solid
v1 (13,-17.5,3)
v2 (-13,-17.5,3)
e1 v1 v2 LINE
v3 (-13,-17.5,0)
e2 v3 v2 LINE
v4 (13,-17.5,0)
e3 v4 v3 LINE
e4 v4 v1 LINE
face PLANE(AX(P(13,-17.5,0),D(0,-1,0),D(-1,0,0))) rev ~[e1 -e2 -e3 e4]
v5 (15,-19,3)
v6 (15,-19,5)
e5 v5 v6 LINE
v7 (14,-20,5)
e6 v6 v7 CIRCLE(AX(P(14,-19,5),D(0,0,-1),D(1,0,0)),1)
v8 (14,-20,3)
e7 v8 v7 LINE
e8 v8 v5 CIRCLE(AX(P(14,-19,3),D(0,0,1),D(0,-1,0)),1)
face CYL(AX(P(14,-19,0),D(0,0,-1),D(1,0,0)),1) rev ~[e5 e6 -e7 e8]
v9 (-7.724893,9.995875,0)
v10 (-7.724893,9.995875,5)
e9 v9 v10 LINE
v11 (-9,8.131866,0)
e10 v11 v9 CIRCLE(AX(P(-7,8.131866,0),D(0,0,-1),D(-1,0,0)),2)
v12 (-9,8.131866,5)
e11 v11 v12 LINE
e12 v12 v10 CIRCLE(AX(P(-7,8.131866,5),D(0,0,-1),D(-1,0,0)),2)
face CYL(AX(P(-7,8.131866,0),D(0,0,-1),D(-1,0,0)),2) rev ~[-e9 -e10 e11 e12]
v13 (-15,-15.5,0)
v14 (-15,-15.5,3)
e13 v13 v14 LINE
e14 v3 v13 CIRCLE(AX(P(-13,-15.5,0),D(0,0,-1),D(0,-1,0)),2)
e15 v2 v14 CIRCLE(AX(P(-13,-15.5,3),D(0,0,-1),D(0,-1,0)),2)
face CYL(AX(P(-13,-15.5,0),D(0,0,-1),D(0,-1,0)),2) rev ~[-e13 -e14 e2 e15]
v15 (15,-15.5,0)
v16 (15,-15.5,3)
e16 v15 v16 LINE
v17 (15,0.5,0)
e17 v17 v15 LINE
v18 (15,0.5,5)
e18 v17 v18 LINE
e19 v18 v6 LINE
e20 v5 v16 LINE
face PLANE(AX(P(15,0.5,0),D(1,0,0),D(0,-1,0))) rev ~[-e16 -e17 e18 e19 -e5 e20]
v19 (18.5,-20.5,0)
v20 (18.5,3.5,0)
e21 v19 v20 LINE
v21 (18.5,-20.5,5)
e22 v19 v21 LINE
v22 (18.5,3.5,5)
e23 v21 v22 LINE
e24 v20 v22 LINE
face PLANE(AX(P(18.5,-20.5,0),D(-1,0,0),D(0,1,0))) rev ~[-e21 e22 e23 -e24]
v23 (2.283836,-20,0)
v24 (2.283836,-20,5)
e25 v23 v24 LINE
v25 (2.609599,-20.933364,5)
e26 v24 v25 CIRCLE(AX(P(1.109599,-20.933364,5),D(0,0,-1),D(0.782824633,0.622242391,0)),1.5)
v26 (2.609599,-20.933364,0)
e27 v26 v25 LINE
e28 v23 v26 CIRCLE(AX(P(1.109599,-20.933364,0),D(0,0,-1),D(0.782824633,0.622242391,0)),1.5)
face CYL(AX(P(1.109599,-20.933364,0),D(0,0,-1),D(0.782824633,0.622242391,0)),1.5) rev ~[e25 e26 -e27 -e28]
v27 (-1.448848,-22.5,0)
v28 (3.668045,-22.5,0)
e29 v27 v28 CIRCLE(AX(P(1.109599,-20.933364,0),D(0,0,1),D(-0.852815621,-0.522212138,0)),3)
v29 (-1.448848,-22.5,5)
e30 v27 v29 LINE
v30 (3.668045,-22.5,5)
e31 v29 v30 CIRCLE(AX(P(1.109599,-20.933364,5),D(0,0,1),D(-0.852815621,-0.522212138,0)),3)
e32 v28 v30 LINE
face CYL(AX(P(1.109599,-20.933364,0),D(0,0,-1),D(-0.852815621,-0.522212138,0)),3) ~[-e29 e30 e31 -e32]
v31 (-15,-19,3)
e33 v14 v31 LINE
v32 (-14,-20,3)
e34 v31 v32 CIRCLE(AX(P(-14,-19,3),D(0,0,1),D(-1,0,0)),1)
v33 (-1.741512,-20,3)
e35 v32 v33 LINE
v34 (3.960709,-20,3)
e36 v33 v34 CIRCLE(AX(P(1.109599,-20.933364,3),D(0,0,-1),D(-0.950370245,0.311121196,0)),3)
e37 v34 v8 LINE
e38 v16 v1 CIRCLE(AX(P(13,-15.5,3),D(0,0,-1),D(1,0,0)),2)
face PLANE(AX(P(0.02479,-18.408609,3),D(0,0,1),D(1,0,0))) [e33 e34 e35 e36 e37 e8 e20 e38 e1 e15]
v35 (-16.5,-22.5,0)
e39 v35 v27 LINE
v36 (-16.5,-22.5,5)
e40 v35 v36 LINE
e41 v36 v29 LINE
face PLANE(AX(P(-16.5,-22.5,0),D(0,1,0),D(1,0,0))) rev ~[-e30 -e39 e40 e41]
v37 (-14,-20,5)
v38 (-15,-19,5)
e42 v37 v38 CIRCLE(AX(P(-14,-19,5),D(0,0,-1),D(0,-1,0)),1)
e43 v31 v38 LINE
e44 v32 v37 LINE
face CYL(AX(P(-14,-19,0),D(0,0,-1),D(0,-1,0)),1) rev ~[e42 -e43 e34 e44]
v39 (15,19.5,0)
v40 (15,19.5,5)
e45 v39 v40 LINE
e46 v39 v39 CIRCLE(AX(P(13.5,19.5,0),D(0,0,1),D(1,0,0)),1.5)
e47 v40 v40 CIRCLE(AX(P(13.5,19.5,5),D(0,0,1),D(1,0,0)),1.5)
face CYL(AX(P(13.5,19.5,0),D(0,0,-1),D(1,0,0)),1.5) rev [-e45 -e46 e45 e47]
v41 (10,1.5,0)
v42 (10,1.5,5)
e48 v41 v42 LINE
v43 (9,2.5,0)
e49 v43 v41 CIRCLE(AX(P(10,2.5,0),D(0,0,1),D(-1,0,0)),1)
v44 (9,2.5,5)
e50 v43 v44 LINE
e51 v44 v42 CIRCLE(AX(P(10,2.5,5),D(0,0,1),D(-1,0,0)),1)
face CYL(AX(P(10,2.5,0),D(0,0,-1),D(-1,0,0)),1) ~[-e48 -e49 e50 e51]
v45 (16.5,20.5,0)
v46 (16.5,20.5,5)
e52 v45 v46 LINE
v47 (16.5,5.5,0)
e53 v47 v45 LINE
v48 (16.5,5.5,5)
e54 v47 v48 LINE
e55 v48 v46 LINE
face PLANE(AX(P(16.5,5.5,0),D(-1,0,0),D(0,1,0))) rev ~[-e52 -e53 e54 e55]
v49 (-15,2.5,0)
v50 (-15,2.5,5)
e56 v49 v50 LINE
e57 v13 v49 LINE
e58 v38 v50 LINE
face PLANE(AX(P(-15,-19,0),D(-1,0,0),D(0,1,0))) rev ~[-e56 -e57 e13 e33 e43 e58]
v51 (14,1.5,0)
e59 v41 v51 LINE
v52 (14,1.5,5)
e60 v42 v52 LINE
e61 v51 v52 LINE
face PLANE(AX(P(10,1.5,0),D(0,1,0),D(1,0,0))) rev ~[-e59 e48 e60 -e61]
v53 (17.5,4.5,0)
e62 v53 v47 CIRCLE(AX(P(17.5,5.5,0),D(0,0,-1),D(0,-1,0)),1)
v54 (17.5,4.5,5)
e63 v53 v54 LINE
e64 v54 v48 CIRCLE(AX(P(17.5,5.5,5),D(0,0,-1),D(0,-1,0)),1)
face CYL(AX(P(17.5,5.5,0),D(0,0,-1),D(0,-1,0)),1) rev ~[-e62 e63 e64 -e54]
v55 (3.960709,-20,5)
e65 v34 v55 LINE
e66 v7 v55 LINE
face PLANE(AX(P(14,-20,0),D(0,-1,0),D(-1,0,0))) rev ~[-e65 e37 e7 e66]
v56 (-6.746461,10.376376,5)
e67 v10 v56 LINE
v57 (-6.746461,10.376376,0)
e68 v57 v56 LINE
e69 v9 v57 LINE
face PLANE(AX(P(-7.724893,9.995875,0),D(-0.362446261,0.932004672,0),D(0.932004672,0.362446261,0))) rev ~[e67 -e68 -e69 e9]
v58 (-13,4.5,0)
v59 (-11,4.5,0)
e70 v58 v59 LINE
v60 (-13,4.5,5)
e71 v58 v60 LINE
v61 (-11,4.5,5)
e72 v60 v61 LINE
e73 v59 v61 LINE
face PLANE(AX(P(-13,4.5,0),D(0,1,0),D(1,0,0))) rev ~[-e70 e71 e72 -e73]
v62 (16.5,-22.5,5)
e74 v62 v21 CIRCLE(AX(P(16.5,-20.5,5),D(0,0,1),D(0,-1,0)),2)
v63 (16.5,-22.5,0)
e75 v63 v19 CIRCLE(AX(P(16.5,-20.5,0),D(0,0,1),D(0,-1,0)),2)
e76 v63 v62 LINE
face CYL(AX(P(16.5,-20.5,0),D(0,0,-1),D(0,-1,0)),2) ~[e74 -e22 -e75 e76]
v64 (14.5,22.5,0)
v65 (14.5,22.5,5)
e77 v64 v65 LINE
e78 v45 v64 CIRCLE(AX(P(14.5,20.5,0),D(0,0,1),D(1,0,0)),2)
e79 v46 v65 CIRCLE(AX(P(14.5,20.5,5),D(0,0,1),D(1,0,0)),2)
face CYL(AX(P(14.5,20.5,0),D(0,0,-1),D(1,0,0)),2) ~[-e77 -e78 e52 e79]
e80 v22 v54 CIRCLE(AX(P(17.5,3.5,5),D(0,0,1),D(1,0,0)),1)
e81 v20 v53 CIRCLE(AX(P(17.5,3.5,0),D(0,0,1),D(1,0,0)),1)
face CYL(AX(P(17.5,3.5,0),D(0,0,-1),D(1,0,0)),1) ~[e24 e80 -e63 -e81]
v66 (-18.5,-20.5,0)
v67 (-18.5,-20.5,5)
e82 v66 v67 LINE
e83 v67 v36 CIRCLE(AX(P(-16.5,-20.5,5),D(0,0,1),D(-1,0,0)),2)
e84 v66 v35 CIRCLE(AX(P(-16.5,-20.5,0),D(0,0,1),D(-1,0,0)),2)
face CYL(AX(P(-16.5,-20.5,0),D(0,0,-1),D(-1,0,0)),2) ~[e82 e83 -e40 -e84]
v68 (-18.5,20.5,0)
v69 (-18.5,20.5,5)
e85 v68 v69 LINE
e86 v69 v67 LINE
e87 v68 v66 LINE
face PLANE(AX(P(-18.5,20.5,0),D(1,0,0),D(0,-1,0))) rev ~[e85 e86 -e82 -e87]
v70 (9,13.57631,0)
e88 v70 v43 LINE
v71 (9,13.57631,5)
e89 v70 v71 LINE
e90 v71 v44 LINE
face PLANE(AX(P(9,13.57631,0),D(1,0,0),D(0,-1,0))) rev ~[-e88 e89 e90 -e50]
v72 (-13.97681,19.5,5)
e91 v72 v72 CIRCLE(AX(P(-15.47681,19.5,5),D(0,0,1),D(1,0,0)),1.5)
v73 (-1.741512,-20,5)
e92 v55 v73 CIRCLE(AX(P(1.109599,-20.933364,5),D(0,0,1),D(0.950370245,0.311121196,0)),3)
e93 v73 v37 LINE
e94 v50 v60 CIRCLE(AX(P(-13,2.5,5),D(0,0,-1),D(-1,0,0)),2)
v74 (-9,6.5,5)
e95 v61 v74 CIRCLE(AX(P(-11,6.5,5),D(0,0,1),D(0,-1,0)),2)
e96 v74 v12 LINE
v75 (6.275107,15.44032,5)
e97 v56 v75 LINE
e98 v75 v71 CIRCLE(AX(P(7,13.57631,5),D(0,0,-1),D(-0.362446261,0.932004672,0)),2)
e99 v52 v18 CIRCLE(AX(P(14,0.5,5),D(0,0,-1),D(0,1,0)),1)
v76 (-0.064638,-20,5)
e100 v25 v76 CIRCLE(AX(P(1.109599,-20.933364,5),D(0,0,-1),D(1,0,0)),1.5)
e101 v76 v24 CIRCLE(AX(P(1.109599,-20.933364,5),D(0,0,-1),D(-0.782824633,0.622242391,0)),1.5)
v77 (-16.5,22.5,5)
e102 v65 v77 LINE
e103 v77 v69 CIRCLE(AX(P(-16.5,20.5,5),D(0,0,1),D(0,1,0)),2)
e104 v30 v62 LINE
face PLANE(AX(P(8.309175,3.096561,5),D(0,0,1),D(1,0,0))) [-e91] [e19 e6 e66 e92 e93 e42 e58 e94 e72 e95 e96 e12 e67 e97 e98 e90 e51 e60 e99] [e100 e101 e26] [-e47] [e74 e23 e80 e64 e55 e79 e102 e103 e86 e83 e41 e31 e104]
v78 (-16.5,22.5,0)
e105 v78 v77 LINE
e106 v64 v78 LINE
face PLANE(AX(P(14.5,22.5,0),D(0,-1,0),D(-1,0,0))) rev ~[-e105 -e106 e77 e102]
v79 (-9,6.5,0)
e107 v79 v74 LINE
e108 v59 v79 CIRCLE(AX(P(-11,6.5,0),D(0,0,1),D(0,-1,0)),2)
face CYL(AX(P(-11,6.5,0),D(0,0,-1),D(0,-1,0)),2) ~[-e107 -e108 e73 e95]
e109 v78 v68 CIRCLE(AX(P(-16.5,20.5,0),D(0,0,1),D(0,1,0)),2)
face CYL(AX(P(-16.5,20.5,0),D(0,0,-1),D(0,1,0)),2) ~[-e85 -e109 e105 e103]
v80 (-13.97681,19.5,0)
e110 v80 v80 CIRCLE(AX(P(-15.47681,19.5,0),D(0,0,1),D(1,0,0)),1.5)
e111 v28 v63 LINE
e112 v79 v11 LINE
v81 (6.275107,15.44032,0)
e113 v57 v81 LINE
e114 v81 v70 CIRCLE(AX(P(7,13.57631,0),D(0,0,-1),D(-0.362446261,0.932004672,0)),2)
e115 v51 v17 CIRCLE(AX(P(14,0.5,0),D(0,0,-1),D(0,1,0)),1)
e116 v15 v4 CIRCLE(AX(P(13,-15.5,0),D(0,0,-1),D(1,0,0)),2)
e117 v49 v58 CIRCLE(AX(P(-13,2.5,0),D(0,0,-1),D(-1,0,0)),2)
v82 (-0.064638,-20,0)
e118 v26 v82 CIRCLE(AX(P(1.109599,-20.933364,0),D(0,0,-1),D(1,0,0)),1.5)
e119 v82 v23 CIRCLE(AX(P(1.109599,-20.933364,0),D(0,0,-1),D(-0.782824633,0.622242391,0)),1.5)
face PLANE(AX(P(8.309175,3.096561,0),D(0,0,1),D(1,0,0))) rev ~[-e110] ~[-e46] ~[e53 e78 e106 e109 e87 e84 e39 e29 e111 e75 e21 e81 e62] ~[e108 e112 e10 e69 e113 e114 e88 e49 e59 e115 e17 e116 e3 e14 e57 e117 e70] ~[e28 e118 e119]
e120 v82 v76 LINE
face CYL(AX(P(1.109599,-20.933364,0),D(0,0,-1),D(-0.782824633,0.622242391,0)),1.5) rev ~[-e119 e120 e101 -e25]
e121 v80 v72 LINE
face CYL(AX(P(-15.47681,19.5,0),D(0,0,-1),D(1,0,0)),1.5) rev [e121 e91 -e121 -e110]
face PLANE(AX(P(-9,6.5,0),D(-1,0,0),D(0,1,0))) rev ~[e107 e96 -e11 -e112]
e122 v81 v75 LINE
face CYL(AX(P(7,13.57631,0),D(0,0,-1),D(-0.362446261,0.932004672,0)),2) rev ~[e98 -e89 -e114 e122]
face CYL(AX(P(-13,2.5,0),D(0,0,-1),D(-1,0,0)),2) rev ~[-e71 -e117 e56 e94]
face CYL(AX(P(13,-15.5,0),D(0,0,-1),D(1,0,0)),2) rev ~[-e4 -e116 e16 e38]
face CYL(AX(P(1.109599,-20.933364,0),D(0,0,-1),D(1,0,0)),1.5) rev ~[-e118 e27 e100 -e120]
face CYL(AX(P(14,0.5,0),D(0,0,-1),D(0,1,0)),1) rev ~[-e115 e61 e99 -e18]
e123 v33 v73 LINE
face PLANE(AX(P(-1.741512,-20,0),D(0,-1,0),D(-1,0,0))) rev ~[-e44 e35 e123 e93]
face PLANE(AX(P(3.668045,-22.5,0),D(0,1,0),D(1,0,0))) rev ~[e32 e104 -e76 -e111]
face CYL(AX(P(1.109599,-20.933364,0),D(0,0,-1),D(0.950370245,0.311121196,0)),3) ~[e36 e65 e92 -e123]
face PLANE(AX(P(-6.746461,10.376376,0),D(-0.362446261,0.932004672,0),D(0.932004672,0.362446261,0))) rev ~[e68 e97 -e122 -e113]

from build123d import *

# Parameters (mm, degrees)
F1_DEPTH = 3
F0_R     = 1.5
F2_DEPTH = 5


with BuildPart() as f1:
    # F0 (on Top) → F1 (new body)
    with BuildSketch(Plane.XY):
        with BuildLine():
            ThreePointArc((-13, -17.5), (-14.4142135624, -16.9142135624), (-15, -15.5))
            Line((-15, -15.5), (-15, -19))
            ThreePointArc((-15, -19), (-14.7071067812, -19.7071067812), (-14, -20))
            Line((-14, -20), (-1.7415121798, -20))
            ThreePointArc((-1.7415121798, -20), (1.1095985537, -17.9333635867), (3.9607092873, -20))
            Line((3.9607092873, -20), (14, -20))
            ThreePointArc((14, -20), (14.7071067812, -19.7071067812), (15, -19))
            Line((15, -19), (15, -15.5))
            ThreePointArc((15, -15.5), (14.4142135624, -16.9142135624), (13, -17.5))
            Line((13, -17.5), (-13, -17.5))
        make_face()
    extrude(amount=F1_DEPTH)

    # F0 (on Top) → F2 (join)
    with BuildSketch(Plane.XY):
        with BuildLine():
            Line((13.5, 22.5), (6.5, 22.5))
            Line((6.5, 22.5), (-11.5, 22.5))
            Line((-11.5, 22.5), (-11.5, 8.5277777778))
            Line((-11.5, 8.5277777778), (-7.7248925223, 9.9958751302))
            Line((-7.7248925223, 9.9958751302), (-6.7464609201, 10.3763763088))
            Line((-6.7464609201, 10.3763763088), (6.2751074777, 15.4403195747))
            ThreePointArc((6.2751074777, 15.4403195747), (8.12920657, 15.2270350791), (9, 13.5763102316))
            Line((9, 13.5763102316), (9, 2.5))
            ThreePointArc((9, 2.5), (9.2928932188, 1.7928932188), (10, 1.5))
            Line((10, 1.5), (14, 1.5))
            ThreePointArc((14, 1.5), (14.7071067812, 1.2071067812), (15, 0.5))
            Line((15, 0.5), (15, -15.5))
            Line((15, -15.5), (15, -19))
            ThreePointArc((15, -19), (14.7071067812, -19.7071067812), (14, -20))
            Line((14, -20), (3.9607092873, -20))
            ThreePointArc((3.9607092873, -20), (4.07214241, -20.4607814249), (4.1095985537, -20.9333635867))
            ThreePointArc((4.1095985537, -20.9333635867), (3.9971009856, -21.7471999991), (3.6680454163, -22.5))
            Line((3.6680454163, -22.5), (16.5, -22.5))
            ThreePointArc((16.5, -22.5), (17.9142135624, -21.9142135624), (18.5, -20.5))
            Line((18.5, -20.5), (18.5, 3.5))
            ThreePointArc((18.5, 3.5), (18.2071067812, 4.2071067812), (17.5, 4.5))
            ThreePointArc((17.5, 4.5), (16.7928932188, 4.7928932188), (16.5, 5.5))
            Line((16.5, 5.5), (16.5, 19.5))
            ThreePointArc((16.5, 19.5), (11.3786796564, 17.3786796564), (13.5, 22.5))
        make_face()
        with BuildLine():
            Line((-11.5, 8.5277777778), (-11.5, 22.5))
            Line((-11.5, 22.5), (-15.4768104476, 22.5))
            Line((-15.4768104476, 22.5), (-16.5, 22.5))
            ThreePointArc((-16.5, 22.5), (-17.9142135624, 21.9142135624), (-18.5, 20.5))
            Line((-18.5, 20.5), (-18.5, 7.5))
            Line((-18.5, 7.5), (-11.5, 7.5))
            Line((-11.5, 7.5), (-11.5, 8.5277777778))
        make_face()
        with BuildLine():
            ThreePointArc((-12.4768104712, 19.5), (-17.5981308231, 17.3786796648), (-15.4768104476, 22.5))
            ThreePointArc((-15.4768104476, 22.5), (-13.3554901193, 21.6213203352), (-12.4768104712, 19.5))
        make_face(mode=Mode.SUBTRACT)
        with BuildLine():
            Line((-7.7248925223, 9.9958751302), (-11.5, 8.5277777778))
            Line((-11.5, 8.5277777778), (-11.5, 7.5))
            Line((-11.5, 7.5), (-18.5, 7.5))
            Line((-18.5, 7.5), (-18.5, -15.5))
            Line((-18.5, -15.5), (-15, -15.5))
            Line((-15, -15.5), (-15, 2.5))
            ThreePointArc((-15, 2.5), (-14.4142135624, 3.9142135624), (-13, 4.5))
            Line((-13, 4.5), (-11, 4.5))
            ThreePointArc((-11, 4.5), (-9.5857864376, 5.0857864376), (-9, 6.5))
            Line((-9, 6.5), (-9, 8.1318657871))
            ThreePointArc((-9, 8.1318657871), (-8.6507248475, 9.2610723571), (-7.7248925223, 9.9958751302))
        make_face()
        with BuildLine():
            Line((-15, -15.5), (-18.5, -15.5))
            Line((-18.5, -15.5), (-18.5, -20.5))
            ThreePointArc((-18.5, -20.5), (-17.9142135624, -21.9142135624), (-16.5, -22.5))
            Line((-16.5, -22.5), (-1.4488483088, -22.5))
            ThreePointArc((-1.4488483088, -22.5), (-1.8700538331, -21.2821782274), (-1.7415121798, -20))
            Line((-1.7415121798, -20), (-14, -20))
            ThreePointArc((-14, -20), (-14.7071067812, -19.7071067812), (-15, -19))
            Line((-15, -19), (-15, -15.5))
        make_face()
        with BuildLine():
            ThreePointArc((-12.4768104712, 19.5), (-13.3554901193, 21.6213203352), (-15.4768104476, 22.5))
            ThreePointArc((-15.4768104476, 22.5), (-17.5981308231, 17.3786796648), (-12.4768104712, 19.5))
        make_face()
        with Locations((-15.4768104712, 19.5)):
            Circle(F0_R, mode=Mode.SUBTRACT)
        with BuildLine():
            ThreePointArc((16.5, 19.5), (15.6213203436, 21.6213203436), (13.5, 22.5))
            ThreePointArc((13.5, 22.5), (11.3786796564, 17.3786796564), (16.5, 19.5))
        make_face()
        with Locations((13.5, 19.5)):
            Circle(F0_R, mode=Mode.SUBTRACT)
        with BuildLine():
            ThreePointArc((-1.7415121798, -20), (-1.8700538331, -21.2821782274), (-1.4488483088, -22.5))
            Line((-1.4488483088, -22.5), (3.6680454163, -22.5))
            ThreePointArc((3.6680454163, -22.5), (3.9971009856, -21.7471999991), (4.1095985537, -20.9333635867))
            ThreePointArc((4.1095985537, -20.9333635867), (4.07214241, -20.4607814249), (3.9607092873, -20))
            Line((3.9607092873, -20), (2.2838355039, -20))
            ThreePointArc((2.2838355039, -20), (2.525818068, -20.439073907), (2.6095985537, -20.9333635867))
            ThreePointArc((2.6095985537, -20.9333635867), (0.6153088741, -22.3495831009), (-0.0646383964, -20))
            Line((-0.0646383964, -20), (-1.7415121798, -20))
        make_face()
        with BuildLine():
            ThreePointArc((3.9607092873, -20), (1.1095985537, -17.9333635867), (-1.7415121798, -20))
            Line((-1.7415121798, -20), (-0.0646383964, -20))
            ThreePointArc((-0.0646383964, -20), (1.1095985537, -19.4333635867), (2.2838355039, -20))
            Line((2.2838355039, -20), (3.9607092873, -20))
        make_face()
        with BuildLine():
            Line((3.6680454163, -22.5), (-1.4488483088, -22.5))
            ThreePointArc((-1.4488483088, -22.5), (1.1095985537, -23.9333635867), (3.6680454163, -22.5))
        make_face()
        with BuildLine():
            Line((14.5, 22.5), (13.5, 22.5))
            ThreePointArc((13.5, 22.5), (15.6213203436, 21.6213203436), (16.5, 19.5))
            Line((16.5, 19.5), (16.5, 20.5))
            ThreePointArc((16.5, 20.5), (15.9142135624, 21.9142135624), (14.5, 22.5))
        make_face()
    extrude(amount=F2_DEPTH)


solid = f1.part
